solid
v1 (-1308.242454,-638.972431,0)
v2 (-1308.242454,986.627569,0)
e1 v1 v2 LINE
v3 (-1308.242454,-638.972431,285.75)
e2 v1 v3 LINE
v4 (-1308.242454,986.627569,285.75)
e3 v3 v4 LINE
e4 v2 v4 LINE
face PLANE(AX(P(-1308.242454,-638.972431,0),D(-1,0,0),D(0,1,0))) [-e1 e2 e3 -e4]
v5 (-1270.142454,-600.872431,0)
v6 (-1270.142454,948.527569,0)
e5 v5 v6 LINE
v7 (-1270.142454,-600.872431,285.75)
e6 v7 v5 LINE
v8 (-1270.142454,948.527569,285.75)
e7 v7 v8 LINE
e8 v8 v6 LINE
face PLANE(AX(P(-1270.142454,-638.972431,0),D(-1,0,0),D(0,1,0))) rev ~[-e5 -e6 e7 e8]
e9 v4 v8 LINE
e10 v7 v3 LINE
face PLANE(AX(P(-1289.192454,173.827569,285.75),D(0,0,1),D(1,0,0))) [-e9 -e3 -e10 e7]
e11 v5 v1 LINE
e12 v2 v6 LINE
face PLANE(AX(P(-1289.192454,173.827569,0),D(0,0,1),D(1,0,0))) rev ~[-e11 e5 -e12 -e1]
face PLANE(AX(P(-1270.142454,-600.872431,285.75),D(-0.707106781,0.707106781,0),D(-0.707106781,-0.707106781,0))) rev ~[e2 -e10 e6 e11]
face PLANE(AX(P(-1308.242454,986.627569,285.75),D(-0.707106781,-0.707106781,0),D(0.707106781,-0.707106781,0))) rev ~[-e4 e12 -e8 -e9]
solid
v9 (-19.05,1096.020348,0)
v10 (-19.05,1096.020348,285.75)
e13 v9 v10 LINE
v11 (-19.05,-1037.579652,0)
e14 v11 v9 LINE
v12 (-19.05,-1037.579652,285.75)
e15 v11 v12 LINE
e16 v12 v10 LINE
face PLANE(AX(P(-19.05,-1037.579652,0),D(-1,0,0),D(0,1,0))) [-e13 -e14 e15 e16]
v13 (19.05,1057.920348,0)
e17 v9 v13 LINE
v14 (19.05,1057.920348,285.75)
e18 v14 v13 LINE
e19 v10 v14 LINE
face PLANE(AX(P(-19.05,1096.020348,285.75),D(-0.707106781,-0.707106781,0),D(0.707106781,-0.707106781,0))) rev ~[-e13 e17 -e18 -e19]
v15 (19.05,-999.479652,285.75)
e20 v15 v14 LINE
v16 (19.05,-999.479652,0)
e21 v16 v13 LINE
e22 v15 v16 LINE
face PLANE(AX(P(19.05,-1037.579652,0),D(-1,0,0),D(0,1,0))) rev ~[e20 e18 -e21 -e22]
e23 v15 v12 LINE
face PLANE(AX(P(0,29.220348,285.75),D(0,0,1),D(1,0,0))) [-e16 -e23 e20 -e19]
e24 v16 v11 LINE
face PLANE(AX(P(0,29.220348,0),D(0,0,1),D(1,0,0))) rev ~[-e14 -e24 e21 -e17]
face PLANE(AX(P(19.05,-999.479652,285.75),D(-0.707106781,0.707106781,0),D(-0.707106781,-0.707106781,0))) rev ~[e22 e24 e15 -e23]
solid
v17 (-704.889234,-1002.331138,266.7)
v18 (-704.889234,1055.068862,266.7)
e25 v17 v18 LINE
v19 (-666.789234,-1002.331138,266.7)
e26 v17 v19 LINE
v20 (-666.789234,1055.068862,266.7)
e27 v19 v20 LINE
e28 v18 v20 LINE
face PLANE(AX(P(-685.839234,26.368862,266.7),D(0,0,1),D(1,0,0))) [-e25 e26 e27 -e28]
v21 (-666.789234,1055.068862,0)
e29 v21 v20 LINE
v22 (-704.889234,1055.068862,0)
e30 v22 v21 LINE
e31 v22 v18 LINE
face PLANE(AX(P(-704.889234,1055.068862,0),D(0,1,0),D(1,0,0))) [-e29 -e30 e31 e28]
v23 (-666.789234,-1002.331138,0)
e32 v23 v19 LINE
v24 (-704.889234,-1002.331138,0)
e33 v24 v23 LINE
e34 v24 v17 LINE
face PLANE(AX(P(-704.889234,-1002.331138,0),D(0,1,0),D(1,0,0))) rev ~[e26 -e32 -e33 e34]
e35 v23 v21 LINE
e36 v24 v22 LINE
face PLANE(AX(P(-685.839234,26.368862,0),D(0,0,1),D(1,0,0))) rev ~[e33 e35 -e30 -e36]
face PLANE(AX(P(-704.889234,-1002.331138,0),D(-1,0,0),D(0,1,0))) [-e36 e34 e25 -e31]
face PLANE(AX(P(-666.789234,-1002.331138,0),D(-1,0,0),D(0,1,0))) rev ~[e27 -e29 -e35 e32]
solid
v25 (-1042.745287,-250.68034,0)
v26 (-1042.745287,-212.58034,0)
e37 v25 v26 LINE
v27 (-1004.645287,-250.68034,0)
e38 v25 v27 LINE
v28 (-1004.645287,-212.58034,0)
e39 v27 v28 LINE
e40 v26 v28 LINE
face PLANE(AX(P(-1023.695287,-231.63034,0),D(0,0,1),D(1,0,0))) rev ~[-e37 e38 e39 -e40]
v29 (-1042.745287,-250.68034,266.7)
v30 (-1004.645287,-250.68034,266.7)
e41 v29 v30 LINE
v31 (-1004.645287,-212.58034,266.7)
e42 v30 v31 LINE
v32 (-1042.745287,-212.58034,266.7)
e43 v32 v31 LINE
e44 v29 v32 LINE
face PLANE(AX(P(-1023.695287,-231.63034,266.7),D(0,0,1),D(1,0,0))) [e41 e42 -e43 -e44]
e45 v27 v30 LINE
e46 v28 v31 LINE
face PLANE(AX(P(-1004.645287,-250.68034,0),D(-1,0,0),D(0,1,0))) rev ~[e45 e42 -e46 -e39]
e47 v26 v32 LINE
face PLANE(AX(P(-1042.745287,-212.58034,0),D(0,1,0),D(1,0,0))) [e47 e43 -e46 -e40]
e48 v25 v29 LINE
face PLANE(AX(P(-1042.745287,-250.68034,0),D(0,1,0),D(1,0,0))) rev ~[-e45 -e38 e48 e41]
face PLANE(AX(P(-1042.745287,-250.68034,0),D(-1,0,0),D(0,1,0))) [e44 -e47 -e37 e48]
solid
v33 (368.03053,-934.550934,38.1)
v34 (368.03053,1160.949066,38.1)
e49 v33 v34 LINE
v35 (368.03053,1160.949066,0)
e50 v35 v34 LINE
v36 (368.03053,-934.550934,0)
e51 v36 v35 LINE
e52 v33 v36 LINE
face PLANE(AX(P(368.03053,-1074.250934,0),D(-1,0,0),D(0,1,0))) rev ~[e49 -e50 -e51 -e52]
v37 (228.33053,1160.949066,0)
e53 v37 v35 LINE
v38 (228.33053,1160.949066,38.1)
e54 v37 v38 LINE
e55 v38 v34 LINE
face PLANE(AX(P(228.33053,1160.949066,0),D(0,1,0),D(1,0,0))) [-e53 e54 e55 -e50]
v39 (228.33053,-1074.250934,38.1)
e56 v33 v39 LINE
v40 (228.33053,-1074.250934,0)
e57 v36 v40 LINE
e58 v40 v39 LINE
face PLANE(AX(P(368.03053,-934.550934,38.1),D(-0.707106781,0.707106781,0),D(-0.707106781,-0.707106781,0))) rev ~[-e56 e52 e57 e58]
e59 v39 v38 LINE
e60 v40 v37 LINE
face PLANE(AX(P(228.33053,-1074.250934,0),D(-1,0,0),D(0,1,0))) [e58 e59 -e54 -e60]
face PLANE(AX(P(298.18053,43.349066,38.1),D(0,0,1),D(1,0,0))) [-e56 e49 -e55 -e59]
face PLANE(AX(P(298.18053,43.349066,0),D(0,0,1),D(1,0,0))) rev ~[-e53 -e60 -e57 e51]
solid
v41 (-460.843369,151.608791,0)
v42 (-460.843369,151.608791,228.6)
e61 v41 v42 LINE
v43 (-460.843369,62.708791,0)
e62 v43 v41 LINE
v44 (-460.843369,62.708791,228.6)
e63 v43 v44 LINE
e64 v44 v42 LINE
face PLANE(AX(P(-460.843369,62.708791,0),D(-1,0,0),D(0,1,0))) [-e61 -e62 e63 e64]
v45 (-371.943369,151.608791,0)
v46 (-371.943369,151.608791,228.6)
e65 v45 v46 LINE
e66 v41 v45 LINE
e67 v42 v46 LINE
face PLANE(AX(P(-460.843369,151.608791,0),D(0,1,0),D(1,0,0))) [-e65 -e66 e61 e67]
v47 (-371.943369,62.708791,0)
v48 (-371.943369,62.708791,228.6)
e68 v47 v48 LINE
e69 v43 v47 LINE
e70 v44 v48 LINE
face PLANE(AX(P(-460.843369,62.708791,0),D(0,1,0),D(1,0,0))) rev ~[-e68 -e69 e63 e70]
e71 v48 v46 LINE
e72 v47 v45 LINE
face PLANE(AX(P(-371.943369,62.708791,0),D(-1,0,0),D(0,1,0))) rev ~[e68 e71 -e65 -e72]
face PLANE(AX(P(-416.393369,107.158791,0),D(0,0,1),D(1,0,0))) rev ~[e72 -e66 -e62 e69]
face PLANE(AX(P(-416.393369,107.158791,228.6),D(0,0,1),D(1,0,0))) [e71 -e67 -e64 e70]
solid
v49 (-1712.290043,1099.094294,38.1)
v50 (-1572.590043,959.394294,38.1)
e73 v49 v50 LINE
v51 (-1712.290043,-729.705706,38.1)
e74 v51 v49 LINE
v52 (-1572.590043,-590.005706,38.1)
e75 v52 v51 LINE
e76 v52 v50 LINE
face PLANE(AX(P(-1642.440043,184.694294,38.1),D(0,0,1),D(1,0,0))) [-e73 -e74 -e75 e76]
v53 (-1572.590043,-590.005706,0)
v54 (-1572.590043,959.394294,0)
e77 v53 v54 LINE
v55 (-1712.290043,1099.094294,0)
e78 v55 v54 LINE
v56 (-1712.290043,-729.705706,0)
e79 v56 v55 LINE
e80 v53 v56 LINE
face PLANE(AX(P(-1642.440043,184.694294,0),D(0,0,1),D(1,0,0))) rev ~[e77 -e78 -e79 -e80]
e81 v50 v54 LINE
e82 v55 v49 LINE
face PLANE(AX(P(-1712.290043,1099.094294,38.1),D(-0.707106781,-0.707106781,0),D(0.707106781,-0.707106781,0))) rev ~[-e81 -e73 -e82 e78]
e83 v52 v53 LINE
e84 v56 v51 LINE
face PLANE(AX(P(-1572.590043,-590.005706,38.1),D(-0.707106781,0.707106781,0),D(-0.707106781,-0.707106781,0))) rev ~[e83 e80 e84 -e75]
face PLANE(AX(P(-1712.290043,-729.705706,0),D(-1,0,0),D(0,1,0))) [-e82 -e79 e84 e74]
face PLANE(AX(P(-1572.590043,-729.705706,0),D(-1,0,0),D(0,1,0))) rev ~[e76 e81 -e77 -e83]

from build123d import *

# Parameters (mm, degrees)
F0_W      = 38.1
F0_H      = 2133.6
F1_DEPTH  = 285.75
F2_W      = 38.1
F2_H      = 1625.6
F3_DEPTH  = 285.75
F4_W      = 38.1
F4_H      = 2057.4
F5_DEPTH  = 266.7
F6_W      = 38.1
F6_H      = 38.1
F7_DEPTH  = 266.7
F8_W      = 88.9
F8_H      = 88.9
F9_DEPTH  = 228.6
F10_W     = 139.7
F10_H     = 2235.2
F11_DEPTH = 38.1
F12_W     = 139.7
F12_H     = 1828.8
F13_DEPTH = 38.1
F15_DEPTH = 285.751
F17_DEPTH = 285.751
F19_DEPTH = 38.101
F21_DEPTH = 38.101


with BuildPart() as f1:
    # F0 (on Top) → F1 (new body)
    with BuildSketch(Plane.XY):
        with Locations((0, 29.220348)):
            Rectangle(F0_W, F0_H)
    extrude(amount=F1_DEPTH)

    # F14 (on face) → F15 (cut, through all)
    with BuildSketch(Plane.XY.offset(285.75)):
        Polygon((19.05, -999.479652), (-19.05, -1037.579652), (19.05, -1037.579652), align=None)
        Polygon((19.05, 1057.920348), (19.05, 1096.020348), (-19.05, 1096.020348), align=None)
    extrude(amount=-F15_DEPTH, mode=Mode.SUBTRACT)


with BuildPart() as f3:
    # F2 (on Top) → F3 (new body)
    with BuildSketch(Plane.XY):
        with Locations((-1289.192454, 173.827569)):
            Rectangle(F2_W, F2_H)
    extrude(amount=F3_DEPTH)

    # F16 (on face) → F17 (cut, through all)
    with BuildSketch(Plane.XY.offset(285.75)):
        Polygon((-1270.142454, 986.627569), (-1308.242454, 986.627569), (-1270.142454, 948.527569), align=None)
        Polygon((-1308.242454, -638.972431), (-1270.142454, -638.972431), (-1270.142454, -600.872431), align=None)
    extrude(amount=-F17_DEPTH, mode=Mode.SUBTRACT)


with BuildPart() as f5:
    # F4 (on Top) → F5 (new body)
    with BuildSketch(Plane.XY):
        with Locations((-685.839234, 26.368862)):
            Rectangle(F4_W, F4_H)
    extrude(amount=F5_DEPTH)


with BuildPart() as f7:
    # F6 (on Top) → F7 (new body)
    with BuildSketch(Plane.XY):
        with Locations((-1023.695287, -231.63034)):
            Rectangle(F6_W, F6_H)
    extrude(amount=F7_DEPTH)


with BuildPart() as f9:
    # F8 (on Top) → F9 (new body)
    with BuildSketch(Plane.XY):
        with Locations((-416.393369, 107.158791)):
            Rectangle(F8_W, F8_H)
    extrude(amount=F9_DEPTH)


with BuildPart() as f11:
    # F10 (on Top) → F11 (new body)
    with BuildSketch(Plane.XY):
        with Locations((298.18053, 43.349066)):
            Rectangle(F10_W, F10_H)
    extrude(amount=F11_DEPTH)

    # F18 (on face) → F19 (cut, through all)
    with BuildSketch(Plane.XY.offset(38.1)):
        Polygon((368.03053, -934.550934), (228.33053, -1074.250934), (368.03053, -1074.250934), align=None)
    extrude(amount=-F19_DEPTH, mode=Mode.SUBTRACT)


with BuildPart() as f13:
    # F12 (on Top) → F13 (new body)
    with BuildSketch(Plane.XY):
        with Locations((-1642.440043, 184.694294)):
            Rectangle(F12_W, F12_H)
    extrude(amount=F13_DEPTH)

    # F20 (on face) → F21 (cut, through all)
    with BuildSketch(Plane.XY.offset(38.1)):
        Polygon((-1572.590043, 1099.094294), (-1712.290043, 1099.094294), (-1572.590043, 959.394294), align=None)
        Polygon((-1572.590043, -590.005706), (-1712.290043, -729.705706), (-1572.590043, -729.705706), align=None)
    extrude(amount=-F21_DEPTH, mode=Mode.SUBTRACT)


solid = Compound([f1.part, f3.part, f5.part, f7.part, f9.part, f11.part, f13.part])
